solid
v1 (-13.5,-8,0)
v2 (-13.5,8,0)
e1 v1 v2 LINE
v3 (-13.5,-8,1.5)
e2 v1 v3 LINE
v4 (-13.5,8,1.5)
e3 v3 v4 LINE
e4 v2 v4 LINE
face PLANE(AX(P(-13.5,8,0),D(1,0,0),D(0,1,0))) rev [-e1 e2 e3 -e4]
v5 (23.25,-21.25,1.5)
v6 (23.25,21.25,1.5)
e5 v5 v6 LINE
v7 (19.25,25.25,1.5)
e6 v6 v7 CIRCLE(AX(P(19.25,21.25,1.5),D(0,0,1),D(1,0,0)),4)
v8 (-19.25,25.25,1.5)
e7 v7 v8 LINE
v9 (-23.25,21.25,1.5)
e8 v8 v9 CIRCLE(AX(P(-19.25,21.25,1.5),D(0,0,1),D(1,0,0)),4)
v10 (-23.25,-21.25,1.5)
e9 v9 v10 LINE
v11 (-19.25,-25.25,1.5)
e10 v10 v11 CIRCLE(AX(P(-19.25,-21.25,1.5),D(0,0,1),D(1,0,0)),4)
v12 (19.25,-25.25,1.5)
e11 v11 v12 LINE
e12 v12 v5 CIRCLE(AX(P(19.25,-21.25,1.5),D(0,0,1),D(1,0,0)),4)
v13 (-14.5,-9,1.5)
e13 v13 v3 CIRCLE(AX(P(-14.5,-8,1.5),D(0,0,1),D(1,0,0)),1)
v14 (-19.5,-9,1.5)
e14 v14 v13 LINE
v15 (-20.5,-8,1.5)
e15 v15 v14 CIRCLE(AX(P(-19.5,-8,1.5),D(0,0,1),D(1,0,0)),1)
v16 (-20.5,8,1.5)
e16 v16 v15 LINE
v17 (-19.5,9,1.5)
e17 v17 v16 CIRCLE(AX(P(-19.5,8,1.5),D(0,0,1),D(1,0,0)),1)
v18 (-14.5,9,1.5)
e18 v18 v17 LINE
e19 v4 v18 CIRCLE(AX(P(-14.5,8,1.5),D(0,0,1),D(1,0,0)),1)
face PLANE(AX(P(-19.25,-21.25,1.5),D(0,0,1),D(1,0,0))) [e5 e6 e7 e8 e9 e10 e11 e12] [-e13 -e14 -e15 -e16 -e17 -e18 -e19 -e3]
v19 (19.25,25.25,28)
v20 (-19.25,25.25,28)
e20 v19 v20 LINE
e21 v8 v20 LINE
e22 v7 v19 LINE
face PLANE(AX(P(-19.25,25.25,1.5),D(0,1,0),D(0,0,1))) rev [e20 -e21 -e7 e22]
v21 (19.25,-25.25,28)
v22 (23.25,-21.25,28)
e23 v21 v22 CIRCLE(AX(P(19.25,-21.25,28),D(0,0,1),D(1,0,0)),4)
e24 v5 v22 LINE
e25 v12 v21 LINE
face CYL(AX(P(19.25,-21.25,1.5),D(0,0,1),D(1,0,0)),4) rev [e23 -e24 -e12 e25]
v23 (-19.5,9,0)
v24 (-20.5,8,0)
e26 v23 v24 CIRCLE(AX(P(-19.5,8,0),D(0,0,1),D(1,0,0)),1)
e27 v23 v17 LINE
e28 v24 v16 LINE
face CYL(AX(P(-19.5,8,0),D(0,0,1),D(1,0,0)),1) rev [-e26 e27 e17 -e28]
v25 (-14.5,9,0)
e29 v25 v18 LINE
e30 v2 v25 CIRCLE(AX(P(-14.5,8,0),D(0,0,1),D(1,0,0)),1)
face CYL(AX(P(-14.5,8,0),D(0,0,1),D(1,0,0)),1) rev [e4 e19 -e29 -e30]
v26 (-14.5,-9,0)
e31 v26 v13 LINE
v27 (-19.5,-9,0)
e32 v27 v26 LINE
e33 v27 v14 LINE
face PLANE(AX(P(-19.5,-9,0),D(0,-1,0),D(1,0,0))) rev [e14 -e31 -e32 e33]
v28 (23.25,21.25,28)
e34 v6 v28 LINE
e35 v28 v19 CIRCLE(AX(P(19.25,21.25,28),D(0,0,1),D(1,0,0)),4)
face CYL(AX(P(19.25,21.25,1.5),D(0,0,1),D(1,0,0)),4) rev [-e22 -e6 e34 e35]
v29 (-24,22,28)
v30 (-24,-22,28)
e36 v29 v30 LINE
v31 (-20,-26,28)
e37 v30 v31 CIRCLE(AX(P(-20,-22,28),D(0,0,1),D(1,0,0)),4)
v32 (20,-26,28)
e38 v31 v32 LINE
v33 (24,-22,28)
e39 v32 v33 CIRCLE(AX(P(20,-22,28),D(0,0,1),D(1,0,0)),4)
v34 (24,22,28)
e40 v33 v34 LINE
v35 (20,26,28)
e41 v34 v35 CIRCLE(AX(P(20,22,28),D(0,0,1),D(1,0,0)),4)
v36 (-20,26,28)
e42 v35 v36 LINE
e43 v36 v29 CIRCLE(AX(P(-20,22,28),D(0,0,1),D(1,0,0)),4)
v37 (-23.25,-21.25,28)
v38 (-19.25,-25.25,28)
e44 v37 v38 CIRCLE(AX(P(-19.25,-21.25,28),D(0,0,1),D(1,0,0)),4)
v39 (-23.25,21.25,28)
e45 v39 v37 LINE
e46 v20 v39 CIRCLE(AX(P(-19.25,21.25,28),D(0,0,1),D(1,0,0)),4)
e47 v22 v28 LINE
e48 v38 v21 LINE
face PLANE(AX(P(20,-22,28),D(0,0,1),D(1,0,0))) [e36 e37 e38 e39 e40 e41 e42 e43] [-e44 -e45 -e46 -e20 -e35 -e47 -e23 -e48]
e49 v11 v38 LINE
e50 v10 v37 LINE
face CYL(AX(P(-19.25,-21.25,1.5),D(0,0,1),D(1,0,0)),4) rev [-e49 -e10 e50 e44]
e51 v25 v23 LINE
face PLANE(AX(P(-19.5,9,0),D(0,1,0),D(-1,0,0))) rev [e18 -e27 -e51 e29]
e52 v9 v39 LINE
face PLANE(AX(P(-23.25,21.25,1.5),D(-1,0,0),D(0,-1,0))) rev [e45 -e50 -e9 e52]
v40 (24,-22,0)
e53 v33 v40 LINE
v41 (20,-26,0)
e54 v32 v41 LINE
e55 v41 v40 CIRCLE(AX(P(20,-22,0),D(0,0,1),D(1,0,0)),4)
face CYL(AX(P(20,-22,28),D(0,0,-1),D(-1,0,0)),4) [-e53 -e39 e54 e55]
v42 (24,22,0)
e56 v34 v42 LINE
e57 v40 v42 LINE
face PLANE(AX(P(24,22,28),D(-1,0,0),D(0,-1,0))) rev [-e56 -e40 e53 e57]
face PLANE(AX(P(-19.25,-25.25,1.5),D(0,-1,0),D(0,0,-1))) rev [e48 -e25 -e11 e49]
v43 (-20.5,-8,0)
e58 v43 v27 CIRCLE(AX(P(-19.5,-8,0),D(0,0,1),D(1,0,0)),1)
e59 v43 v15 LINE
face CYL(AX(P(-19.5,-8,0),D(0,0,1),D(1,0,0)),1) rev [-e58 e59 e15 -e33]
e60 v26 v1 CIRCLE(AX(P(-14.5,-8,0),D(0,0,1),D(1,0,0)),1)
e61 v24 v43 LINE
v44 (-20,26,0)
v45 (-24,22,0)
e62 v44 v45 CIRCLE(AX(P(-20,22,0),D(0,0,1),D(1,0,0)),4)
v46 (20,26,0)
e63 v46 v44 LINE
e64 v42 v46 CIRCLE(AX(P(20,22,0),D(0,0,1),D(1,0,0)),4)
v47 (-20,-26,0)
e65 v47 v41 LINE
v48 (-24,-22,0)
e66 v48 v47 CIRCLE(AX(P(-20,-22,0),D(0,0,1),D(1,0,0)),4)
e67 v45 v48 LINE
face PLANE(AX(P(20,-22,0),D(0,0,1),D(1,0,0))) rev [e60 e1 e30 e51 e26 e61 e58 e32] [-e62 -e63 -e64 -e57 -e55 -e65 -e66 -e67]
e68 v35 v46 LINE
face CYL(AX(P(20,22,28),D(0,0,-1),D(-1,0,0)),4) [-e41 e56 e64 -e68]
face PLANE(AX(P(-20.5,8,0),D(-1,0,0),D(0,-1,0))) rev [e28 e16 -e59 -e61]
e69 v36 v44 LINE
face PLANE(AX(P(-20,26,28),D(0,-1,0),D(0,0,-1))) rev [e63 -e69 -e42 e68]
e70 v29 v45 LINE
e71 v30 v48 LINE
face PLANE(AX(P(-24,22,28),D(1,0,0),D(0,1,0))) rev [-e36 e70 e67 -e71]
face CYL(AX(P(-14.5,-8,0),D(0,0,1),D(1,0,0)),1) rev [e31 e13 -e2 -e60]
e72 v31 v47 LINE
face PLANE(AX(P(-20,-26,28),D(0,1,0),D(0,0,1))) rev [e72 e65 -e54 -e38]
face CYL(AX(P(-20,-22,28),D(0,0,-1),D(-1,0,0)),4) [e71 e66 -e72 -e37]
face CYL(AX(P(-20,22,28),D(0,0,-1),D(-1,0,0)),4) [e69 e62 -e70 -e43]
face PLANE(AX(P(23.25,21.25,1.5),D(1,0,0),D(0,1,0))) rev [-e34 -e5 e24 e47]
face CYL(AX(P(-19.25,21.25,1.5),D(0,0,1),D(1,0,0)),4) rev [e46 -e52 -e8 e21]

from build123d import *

# Parameters (mm, degrees)
BOSS_EXTRUDE1_DEPTH = 28
CUT_EXTRUDE1_DEPTH  = 26.5
CUT_EXTRUDE2_DEPTH  = 2.5


with BuildPart() as part:
    # Sketch1 → Boss-Extrude1 (new body)
    with BuildSketch(Plane.XY):
        with BuildLine():
            Line((-20, 26), (20, 26))
            ThreePointArc((20, 26), (22.828427125, 24.828427125), (24, 22))
            Line((24, 22), (24, -22))
            ThreePointArc((24, -22), (22.828427125, -24.828427125), (20, -26))
            Line((20, -26), (-20, -26))
            ThreePointArc((-20, -26), (-22.828427125, -24.828427125), (-24, -22))
            Line((-24, -22), (-24, 22))
            ThreePointArc((-24, 22), (-22.828427125, 24.828427125), (-20, 26))
        make_face()
    extrude(amount=BOSS_EXTRUDE1_DEPTH)

    # Sketch2 → Cut-Extrude1 (cut)
    with BuildSketch(Plane.XY.offset(28)):
        with BuildLine():
            Line((-19.25, 25.25), (19.25, 25.25))
            ThreePointArc((19.25, 25.25), (22.078427125, 24.078427125), (23.25, 21.25))
            Line((23.25, 21.25), (23.25, -21.25))
            ThreePointArc((23.25, -21.25), (22.078427125, -24.078427125), (19.25, -25.25))
            Line((19.25, -25.25), (-19.25, -25.25))
            ThreePointArc((-19.25, -25.25), (-22.078427125, -24.078427125), (-23.25, -21.25))
            Line((-23.25, -21.25), (-23.25, 21.25))
            ThreePointArc((-23.25, 21.25), (-22.078427125, 24.078427125), (-19.25, 25.25))
        make_face()
    extrude(amount=-CUT_EXTRUDE1_DEPTH, mode=Mode.SUBTRACT)

    # Sketch3 → Cut-Extrude2 (cut, through all)
    with BuildSketch(Plane.XY.offset(1.5)):
        with BuildLine():
            Line((-19.5, 9), (-14.5, 9))
            ThreePointArc((-14.5, 9), (-13.792893219, 8.707106781), (-13.5, 8))
            Line((-13.5, 8), (-13.5, -8))
            ThreePointArc((-13.5, -8), (-13.792893219, -8.707106781), (-14.5, -9))
            Line((-14.5, -9), (-19.5, -9))
            ThreePointArc((-19.5, -9), (-20.207106781, -8.707106781), (-20.5, -8))
            Line((-20.5, -8), (-20.5, 8))
            ThreePointArc((-20.5, 8), (-20.207106781, 8.707106781), (-19.5, 9))
        make_face()
    extrude(amount=-CUT_EXTRUDE2_DEPTH, mode=Mode.SUBTRACT)


solid = part.part
